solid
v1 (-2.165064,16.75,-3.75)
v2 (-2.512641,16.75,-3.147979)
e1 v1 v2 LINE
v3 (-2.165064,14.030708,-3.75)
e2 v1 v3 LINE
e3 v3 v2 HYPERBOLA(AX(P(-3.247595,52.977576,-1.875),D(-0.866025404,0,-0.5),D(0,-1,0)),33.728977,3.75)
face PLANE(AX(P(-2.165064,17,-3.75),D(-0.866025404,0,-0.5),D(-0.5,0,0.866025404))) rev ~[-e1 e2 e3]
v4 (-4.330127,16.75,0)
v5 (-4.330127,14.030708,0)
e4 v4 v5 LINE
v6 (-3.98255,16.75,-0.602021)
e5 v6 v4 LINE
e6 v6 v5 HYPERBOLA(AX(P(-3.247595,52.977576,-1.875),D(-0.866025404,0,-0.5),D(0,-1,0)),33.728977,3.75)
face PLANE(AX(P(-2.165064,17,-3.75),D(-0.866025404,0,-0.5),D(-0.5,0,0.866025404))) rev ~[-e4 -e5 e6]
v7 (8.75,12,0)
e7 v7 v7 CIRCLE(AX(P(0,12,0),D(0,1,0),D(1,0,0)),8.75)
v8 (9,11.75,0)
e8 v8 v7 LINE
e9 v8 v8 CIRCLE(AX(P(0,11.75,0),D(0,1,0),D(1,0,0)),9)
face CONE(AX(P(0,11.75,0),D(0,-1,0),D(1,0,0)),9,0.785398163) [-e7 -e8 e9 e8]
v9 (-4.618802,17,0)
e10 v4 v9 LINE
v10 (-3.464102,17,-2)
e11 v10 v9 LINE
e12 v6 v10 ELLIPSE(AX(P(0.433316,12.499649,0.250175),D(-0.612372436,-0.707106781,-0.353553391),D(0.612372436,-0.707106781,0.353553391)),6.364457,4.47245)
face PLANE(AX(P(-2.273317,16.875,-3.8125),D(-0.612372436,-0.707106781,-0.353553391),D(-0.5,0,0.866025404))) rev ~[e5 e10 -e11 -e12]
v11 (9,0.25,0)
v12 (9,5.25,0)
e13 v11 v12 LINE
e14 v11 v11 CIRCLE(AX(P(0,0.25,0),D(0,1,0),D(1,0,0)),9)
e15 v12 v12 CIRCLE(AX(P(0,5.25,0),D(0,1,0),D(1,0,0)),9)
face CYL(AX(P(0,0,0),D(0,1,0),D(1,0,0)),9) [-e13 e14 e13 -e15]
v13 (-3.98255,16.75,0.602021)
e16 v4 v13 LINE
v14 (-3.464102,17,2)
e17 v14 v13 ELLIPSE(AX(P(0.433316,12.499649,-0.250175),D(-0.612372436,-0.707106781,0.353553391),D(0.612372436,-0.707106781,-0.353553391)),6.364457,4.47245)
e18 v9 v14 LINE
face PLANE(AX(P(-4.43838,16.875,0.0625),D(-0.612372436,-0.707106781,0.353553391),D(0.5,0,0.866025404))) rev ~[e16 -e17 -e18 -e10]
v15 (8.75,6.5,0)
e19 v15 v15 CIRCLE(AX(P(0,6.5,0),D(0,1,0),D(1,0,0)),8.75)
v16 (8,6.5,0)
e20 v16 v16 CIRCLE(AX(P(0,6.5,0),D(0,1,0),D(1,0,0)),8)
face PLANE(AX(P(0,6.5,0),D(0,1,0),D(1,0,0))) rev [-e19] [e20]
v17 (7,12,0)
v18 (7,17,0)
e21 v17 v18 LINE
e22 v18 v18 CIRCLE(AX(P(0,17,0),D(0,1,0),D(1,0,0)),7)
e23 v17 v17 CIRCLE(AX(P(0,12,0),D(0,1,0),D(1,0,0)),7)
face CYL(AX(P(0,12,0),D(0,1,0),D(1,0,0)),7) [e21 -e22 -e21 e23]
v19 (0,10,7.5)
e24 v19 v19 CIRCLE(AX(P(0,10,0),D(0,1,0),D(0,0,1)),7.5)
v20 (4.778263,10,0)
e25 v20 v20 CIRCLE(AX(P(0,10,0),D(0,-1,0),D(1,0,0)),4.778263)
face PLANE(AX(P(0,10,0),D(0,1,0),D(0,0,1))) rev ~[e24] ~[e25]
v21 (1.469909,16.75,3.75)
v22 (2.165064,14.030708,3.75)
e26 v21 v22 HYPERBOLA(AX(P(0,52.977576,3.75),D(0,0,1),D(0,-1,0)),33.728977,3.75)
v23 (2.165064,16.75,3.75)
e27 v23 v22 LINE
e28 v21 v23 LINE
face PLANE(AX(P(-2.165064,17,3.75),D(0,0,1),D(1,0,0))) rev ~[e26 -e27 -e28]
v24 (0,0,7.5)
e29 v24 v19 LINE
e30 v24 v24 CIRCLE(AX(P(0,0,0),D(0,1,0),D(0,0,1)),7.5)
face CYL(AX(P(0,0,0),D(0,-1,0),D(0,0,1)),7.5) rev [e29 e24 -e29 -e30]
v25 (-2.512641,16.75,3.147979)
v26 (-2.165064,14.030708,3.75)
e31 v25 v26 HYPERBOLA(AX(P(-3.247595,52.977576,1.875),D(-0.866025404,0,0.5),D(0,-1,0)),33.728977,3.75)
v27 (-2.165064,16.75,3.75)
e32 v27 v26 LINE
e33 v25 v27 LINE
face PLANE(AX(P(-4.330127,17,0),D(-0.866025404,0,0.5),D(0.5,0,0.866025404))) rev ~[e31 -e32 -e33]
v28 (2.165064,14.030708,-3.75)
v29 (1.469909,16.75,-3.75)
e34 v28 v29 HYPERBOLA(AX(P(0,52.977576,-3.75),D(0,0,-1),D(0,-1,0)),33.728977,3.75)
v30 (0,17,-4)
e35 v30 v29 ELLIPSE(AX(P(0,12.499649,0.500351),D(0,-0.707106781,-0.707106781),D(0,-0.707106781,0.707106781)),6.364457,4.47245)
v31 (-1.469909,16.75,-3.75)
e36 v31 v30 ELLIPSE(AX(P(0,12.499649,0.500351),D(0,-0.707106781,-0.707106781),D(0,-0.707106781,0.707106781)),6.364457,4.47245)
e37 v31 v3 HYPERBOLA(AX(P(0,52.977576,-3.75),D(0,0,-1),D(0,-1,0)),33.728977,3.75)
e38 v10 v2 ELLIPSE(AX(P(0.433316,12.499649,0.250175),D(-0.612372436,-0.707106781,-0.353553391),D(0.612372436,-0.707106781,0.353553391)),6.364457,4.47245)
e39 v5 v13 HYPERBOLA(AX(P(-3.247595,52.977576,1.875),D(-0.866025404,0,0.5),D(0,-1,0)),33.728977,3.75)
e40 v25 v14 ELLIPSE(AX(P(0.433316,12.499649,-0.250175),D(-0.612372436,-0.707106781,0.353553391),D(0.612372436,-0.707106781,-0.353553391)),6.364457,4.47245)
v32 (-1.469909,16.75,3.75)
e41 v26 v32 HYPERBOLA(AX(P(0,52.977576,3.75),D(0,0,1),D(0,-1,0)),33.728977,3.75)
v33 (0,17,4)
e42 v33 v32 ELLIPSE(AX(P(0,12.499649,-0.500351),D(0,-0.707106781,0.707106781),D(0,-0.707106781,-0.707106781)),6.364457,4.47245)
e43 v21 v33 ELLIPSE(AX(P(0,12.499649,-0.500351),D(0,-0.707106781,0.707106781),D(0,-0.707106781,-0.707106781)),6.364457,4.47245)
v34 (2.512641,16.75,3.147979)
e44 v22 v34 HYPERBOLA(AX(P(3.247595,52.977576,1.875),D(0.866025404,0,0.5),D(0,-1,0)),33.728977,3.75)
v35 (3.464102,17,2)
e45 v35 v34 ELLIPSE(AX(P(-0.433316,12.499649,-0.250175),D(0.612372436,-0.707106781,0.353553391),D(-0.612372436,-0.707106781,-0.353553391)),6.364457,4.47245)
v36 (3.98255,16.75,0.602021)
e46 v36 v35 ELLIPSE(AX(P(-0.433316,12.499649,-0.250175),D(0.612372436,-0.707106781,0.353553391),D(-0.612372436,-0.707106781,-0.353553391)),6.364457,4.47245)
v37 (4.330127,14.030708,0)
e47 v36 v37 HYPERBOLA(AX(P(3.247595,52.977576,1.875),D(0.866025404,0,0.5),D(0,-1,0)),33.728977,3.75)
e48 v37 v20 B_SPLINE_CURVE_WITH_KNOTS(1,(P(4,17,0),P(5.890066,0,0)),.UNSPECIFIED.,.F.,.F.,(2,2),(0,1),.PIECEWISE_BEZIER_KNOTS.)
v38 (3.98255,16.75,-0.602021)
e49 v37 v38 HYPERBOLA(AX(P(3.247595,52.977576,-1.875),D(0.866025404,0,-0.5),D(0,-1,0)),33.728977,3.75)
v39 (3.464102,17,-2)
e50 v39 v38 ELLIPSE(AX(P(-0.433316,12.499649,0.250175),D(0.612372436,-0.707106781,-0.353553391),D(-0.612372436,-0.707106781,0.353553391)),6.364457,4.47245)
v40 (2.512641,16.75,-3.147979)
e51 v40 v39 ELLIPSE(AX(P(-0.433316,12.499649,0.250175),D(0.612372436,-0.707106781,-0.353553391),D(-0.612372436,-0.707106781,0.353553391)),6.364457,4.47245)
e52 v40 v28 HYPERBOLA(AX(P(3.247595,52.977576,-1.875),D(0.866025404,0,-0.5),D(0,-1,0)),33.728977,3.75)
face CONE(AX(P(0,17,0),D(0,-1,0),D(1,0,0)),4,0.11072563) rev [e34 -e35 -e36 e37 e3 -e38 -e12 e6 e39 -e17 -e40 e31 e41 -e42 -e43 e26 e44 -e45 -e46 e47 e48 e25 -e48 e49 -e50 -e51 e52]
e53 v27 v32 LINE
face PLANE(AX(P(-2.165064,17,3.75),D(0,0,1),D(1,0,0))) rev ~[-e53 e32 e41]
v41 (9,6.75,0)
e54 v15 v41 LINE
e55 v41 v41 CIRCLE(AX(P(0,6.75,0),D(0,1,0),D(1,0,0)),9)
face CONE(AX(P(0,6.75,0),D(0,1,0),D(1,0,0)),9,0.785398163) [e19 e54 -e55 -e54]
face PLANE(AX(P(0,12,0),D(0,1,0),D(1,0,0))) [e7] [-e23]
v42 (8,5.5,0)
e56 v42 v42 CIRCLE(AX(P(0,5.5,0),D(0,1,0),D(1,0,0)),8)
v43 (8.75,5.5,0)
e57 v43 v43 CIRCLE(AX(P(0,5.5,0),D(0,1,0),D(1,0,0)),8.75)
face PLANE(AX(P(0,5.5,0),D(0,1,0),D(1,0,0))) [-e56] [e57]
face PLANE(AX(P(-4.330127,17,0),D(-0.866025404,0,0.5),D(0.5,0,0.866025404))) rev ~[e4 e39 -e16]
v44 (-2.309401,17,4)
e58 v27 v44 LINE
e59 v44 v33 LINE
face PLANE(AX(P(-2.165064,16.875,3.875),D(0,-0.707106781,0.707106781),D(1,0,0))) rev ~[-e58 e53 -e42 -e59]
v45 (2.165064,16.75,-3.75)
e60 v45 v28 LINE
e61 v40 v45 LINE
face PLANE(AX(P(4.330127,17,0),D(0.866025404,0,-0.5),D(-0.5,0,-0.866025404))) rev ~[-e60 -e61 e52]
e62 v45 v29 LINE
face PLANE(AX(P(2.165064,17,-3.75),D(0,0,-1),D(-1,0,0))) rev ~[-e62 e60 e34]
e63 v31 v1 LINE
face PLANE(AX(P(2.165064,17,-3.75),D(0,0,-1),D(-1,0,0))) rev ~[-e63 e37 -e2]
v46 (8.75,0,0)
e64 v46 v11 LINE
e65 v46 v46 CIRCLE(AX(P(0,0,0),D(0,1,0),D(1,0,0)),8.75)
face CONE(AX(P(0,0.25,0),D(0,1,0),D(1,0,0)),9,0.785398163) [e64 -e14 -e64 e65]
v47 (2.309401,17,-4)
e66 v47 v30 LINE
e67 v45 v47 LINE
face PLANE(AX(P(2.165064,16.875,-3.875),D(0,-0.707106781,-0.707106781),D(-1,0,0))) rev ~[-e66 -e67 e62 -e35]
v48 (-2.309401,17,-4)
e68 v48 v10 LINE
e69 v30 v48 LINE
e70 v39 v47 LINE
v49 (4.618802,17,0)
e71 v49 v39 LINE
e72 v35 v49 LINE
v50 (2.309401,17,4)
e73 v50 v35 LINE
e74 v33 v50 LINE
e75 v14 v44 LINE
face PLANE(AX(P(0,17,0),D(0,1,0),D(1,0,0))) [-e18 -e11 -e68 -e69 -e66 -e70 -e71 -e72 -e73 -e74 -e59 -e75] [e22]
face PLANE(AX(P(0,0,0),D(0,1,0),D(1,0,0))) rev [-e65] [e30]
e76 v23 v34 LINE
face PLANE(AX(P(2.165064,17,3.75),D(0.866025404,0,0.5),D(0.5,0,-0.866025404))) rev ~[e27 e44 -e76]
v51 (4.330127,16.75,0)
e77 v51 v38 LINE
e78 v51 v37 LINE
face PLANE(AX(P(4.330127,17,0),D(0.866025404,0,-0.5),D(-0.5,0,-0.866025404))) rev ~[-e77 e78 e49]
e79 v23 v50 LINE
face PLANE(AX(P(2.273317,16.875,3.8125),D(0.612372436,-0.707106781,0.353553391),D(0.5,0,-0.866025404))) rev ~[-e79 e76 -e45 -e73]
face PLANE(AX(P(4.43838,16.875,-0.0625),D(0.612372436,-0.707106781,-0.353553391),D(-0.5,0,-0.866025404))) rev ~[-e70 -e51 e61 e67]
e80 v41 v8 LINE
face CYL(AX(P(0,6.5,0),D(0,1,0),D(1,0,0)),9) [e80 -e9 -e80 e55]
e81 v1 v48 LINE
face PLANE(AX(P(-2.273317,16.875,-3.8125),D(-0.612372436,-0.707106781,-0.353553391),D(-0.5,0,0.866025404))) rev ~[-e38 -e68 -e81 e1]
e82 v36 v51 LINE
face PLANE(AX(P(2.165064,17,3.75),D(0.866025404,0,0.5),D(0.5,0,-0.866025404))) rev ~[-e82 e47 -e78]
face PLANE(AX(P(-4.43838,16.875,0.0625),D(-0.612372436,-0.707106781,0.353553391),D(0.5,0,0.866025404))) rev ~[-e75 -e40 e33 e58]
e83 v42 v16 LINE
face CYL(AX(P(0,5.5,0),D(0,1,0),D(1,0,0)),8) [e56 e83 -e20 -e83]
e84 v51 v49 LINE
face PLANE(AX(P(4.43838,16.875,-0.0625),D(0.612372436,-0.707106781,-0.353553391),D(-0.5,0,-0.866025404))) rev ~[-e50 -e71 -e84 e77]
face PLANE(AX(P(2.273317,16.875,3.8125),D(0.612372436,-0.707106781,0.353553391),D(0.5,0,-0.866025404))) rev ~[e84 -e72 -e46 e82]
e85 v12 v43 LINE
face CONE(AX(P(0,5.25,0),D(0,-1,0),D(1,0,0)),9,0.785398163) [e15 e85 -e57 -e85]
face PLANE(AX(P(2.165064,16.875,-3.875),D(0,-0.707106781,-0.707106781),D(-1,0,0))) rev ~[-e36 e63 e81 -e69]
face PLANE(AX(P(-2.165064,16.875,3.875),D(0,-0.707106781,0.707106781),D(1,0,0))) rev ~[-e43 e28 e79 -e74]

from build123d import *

# Parameters (mm, degrees)
FASE1_SIZE                      = 0.25
SCHNITT_LINEAR_AUSTRAGEN1_DEPTH = 18
FASE2_SIZE                      = 0.25
SKIZZE3_R                       = 7.5
SCHNITT_LINEAR_AUSTRAGEN2_DEPTH = 10
SKIZZE5_R                       = 4
SKIZZE4_R                       = 5.890066201


with BuildPart() as part:
    # Skizze1 → Rotation1 (revolve)
    with BuildSketch(Plane.XY):
        Polygon((0, 0), (9, 0), (9, 5.5), (8, 5.5), (8, 6.5), (9, 6.5), (9, 12), (7, 12), (7, 17), (0, 17), (0, 12), (0, 6.5), (0, 5.5), align=None)
    revolve(axis=Axis((0, -292.433279101, 0), (0, 1, 0)))

    # Fase1
    fase1_edges = [part.edges().sort_by_distance(p)[0] for p in [
        (-9, 6.5, 0),
        (-9, 12, 0),
        (-9, 0, 0),
        (-9, 5.5, 0),
    ]]
    chamfer(fase1_edges, length=FASE1_SIZE)

    # Skizze2 → Schnitt-Linear austragen1 (cut, through all)
    with BuildSketch(Plane(origin=(0, 17, 0), x_dir=(1, 0, 0), z_dir=(0, 1, 0))):
        Polygon((2.165063509, -3.75), (4.330127019, 0), (2.165063509, 3.75), (-2.165063509, 3.75), (-4.330127019, 0), (-2.165063509, -3.75), align=None)
    extrude(amount=-SCHNITT_LINEAR_AUSTRAGEN1_DEPTH, mode=Mode.SUBTRACT)

    # Fase2
    fase2_edges = [part.edges().sort_by_distance(p)[0] for p in [
        (0, 17, 3.75),
        (3.247595264, 17, 1.875),
        (3.247595264, 17, -1.875),
        (0, 17, -3.75),
        (-3.247595264, 17, -1.875),
        (-3.247595264, 17, 1.875),
    ]]
    chamfer(fase2_edges, length=FASE2_SIZE)

    # Skizze3 → Schnitt-Linear austragen2 (cut)
    with BuildSketch(Plane(origin=(0, 0, 0), x_dir=(1, 0, 0), z_dir=(0, 1, 0))):
        with Locations(Location((0, 0, 0), (0, 0, 270))):  # turned: the seam where the file's is
            Circle(SKIZZE3_R)
    extrude(amount=SCHNITT_LINEAR_AUSTRAGEN2_DEPTH, mode=Mode.SUBTRACT)

    # Skizze5 → Schnitt-Ausformung2 section 0
    with BuildSketch(Plane(origin=(0, 17, 0), x_dir=(1, 0, 0), z_dir=(0, 1, 0))):
        Circle(SKIZZE5_R)
    # Skizze4 → Schnitt-Ausformung2 section 1
    with BuildSketch(Plane(origin=(0, 0, 0), x_dir=(1, 0, 0), z_dir=(0, 1, 0))):
        Circle(SKIZZE4_R)
    loft(mode=Mode.SUBTRACT)


solid = part.part
